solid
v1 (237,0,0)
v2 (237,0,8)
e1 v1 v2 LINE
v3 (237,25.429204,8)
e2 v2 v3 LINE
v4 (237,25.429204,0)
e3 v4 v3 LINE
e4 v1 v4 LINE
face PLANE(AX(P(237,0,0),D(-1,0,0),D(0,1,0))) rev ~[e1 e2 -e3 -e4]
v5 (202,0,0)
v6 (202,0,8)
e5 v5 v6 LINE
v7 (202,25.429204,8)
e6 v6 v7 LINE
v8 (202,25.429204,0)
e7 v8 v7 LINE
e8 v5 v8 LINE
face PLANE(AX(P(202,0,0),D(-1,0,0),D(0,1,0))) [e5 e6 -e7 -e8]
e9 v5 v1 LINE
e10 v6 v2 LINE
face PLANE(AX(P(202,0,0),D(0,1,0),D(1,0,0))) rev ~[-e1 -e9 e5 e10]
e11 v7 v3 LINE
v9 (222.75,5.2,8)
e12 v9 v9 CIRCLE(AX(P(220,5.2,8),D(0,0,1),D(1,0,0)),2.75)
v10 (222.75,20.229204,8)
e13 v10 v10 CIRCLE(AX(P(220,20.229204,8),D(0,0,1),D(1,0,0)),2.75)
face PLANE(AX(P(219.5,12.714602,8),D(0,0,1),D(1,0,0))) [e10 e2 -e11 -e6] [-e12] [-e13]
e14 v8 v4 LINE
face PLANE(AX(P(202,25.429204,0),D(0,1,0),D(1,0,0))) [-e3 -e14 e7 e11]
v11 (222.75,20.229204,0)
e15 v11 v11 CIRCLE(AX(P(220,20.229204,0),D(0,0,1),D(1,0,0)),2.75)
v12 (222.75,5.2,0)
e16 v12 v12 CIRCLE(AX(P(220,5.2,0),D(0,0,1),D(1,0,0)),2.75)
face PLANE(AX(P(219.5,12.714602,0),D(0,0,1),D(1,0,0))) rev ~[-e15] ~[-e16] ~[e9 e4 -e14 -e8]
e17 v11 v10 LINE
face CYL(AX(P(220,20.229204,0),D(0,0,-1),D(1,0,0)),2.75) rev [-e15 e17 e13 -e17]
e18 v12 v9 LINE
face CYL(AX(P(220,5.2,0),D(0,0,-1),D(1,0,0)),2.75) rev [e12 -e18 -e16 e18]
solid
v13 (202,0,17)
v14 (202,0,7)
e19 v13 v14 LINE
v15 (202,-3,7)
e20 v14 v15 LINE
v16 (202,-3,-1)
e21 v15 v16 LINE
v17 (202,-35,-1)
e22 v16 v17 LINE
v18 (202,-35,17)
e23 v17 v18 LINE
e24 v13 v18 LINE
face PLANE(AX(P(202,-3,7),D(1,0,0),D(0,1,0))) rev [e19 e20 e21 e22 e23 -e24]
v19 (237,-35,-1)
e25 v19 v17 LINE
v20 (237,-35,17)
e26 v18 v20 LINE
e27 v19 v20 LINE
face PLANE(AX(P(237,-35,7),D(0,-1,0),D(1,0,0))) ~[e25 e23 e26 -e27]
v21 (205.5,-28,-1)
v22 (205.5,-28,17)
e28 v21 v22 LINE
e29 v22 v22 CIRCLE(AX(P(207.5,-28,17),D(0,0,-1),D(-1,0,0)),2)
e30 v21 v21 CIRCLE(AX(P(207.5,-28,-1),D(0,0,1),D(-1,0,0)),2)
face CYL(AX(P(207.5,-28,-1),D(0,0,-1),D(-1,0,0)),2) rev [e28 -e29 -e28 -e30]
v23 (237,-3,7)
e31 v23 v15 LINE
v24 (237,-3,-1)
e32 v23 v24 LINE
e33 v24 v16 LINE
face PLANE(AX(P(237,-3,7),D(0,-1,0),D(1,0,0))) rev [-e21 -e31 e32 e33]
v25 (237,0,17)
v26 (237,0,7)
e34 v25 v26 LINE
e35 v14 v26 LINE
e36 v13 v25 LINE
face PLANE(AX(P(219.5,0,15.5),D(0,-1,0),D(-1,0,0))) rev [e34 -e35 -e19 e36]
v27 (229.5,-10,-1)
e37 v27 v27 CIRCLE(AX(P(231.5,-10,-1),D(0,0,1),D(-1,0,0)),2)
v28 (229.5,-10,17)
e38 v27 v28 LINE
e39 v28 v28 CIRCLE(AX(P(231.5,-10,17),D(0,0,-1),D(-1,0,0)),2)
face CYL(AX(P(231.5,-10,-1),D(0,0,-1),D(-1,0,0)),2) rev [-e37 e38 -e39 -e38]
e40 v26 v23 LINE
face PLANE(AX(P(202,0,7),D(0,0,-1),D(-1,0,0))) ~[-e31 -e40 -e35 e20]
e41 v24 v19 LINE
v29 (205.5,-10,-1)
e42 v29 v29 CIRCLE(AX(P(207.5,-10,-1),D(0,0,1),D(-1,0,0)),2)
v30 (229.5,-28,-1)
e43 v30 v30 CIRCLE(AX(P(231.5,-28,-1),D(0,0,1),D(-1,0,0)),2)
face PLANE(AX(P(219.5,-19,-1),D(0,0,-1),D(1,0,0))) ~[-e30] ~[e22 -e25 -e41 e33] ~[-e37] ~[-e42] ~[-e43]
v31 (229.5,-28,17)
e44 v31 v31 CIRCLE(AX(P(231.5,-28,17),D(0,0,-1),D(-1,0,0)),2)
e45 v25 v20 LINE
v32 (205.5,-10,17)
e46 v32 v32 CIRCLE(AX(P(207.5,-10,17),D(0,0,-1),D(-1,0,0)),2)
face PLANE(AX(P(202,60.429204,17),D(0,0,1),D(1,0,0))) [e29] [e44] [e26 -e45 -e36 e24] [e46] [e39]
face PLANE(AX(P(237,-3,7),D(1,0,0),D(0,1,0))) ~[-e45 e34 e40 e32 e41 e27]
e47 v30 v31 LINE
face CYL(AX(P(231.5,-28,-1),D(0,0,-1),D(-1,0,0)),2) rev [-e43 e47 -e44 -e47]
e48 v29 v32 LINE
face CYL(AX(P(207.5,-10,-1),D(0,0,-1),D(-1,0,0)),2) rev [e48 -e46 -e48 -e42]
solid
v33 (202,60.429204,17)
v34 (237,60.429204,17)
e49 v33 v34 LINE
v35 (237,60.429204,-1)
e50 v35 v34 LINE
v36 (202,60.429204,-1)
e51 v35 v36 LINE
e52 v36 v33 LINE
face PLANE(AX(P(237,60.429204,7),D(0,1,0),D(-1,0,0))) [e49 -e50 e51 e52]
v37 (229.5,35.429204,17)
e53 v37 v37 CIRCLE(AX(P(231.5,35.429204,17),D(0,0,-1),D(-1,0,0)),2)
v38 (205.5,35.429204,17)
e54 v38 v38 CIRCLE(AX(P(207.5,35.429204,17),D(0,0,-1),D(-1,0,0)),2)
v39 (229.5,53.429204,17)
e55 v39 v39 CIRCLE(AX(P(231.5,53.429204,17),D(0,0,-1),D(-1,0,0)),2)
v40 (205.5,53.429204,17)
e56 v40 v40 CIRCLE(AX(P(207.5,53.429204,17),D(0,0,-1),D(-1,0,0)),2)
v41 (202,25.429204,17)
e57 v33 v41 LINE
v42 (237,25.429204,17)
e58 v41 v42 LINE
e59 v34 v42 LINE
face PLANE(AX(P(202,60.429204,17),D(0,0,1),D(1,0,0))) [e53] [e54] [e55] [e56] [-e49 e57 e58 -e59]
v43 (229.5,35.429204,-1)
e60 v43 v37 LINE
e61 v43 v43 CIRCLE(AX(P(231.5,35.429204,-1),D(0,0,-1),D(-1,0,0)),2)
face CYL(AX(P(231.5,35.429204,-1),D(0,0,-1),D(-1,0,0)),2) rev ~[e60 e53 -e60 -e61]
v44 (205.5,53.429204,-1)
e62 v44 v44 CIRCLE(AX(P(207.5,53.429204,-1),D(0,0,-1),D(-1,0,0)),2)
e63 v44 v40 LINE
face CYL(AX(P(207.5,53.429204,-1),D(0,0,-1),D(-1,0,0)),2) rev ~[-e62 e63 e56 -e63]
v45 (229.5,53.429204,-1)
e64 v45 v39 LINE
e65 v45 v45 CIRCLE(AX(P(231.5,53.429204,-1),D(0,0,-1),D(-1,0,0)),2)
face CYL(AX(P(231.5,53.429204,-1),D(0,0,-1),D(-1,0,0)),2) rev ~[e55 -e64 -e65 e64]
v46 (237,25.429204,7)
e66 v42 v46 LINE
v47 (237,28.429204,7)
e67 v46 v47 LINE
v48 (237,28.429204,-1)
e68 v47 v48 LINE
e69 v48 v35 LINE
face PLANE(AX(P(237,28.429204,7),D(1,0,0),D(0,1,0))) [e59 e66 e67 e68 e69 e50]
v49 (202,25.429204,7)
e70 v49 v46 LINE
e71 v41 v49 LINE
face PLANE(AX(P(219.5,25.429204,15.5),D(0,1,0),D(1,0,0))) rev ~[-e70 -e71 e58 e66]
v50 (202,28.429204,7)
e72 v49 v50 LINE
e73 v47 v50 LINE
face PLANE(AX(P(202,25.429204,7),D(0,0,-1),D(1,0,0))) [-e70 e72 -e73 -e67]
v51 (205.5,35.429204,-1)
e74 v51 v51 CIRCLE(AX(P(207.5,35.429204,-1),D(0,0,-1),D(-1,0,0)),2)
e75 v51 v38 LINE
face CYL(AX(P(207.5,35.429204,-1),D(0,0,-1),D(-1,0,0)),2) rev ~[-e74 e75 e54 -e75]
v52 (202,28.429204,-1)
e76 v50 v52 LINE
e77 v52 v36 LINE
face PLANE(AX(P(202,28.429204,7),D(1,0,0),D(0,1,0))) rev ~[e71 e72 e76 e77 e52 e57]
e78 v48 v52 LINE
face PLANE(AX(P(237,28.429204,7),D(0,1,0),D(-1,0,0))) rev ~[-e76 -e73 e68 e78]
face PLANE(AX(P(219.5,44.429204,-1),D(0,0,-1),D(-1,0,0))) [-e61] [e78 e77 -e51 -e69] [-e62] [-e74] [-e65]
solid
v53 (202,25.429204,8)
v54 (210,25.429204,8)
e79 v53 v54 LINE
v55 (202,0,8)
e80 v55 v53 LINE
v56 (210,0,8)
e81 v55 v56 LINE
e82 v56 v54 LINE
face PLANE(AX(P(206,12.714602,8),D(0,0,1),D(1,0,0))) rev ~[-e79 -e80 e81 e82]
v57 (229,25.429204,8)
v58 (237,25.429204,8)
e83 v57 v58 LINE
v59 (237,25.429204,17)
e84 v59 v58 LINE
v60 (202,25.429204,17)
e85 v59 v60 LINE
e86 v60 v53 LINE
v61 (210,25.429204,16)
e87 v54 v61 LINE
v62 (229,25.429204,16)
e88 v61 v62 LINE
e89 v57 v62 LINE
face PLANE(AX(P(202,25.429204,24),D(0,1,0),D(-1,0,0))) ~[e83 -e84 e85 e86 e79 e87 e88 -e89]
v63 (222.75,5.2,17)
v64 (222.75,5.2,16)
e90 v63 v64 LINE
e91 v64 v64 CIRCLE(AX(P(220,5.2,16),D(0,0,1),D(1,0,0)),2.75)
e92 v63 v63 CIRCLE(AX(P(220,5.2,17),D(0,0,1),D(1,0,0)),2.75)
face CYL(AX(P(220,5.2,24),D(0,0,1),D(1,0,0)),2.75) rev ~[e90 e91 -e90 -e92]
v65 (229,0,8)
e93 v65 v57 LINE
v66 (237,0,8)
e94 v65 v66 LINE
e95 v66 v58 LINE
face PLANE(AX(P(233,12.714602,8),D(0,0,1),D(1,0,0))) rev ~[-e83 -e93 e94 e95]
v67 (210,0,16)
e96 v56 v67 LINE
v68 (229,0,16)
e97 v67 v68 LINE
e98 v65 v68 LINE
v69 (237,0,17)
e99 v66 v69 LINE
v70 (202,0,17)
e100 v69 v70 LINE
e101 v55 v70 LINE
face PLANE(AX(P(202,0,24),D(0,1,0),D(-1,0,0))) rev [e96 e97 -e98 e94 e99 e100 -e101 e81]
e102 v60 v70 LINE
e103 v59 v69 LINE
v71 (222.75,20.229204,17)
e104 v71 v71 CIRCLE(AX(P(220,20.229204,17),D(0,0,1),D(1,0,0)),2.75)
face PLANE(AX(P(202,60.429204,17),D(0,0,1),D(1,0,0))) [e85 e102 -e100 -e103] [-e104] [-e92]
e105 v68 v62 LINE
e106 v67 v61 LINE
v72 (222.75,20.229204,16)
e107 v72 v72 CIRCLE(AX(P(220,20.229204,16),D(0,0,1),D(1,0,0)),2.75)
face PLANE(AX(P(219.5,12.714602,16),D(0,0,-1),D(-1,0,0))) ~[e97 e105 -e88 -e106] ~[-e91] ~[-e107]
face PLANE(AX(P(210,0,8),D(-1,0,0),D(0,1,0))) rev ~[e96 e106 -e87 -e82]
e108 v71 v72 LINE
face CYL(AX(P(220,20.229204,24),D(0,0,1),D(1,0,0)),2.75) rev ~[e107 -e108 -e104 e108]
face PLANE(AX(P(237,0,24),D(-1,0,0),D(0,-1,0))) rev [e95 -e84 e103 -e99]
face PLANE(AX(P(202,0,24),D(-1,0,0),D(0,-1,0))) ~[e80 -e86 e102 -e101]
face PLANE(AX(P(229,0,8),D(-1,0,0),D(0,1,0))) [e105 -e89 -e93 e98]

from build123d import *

# Parameters (mm, degrees)
SKETCH2_W             = 35
SKETCH2_H             = 25.429203673
SKETCH2_R             = 2.75
BOSS_EXTRUDE1_DEPTH   = 8
SKETCH3_W             = 8
SKETCH3_H             = 25.429203673
BOSS_EXTRUDE2_DEPTH   = 8
BOSS_EXTRUDE2_2_DEPTH = 8
SKETCH4_W             = 35
SKETCH4_H             = 17
BOSS_EXTRUDE3_DEPTH   = 35
SKETCH5_W             = 35
SKETCH5_H             = 32
BOSS_EXTRUDE4_DEPTH   = 8
SKETCH7_R             = 2
CUT_EXTRUDE2_DEPTH    = 246.857049231
SKETCH6_W             = 35
SKETCH6_H             = 7
CUT_EXTRUDE1_DEPTH    = 257.615924903


with BuildPart() as part:
    # Sketch2 → Boss-Extrude1 (new body)
    with BuildSketch(Plane.XY):
        with Locations((219.5, 12.714601836)):
            Rectangle(SKETCH2_W, SKETCH2_H)
        with Locations((220, 5.2)):
            Circle(SKETCH2_R, mode=Mode.SUBTRACT)
        with Locations((220, 20.229203673)):
            Circle(SKETCH2_R, mode=Mode.SUBTRACT)
    boss_extrude1 = extrude(amount=BOSS_EXTRUDE1_DEPTH)


with BuildPart() as body_2:
    # Sketch3 → Boss-Extrude2 (new body)
    with BuildSketch(Plane.XY.offset(8)):
        with Locations((233, 12.714601836)):
            Rectangle(SKETCH3_W, SKETCH3_H)
    extrude(amount=BOSS_EXTRUDE2_DEPTH)



with BuildPart() as body_3:
    # Sketch3 → Boss-Extrude2 2 (new body)
    with BuildSketch(Plane.XY.offset(8)):
        with Locations((206, 12.714601836)):
            Rectangle(SKETCH3_W, SKETCH3_H)
    extrude(amount=BOSS_EXTRUDE2_2_DEPTH)


with BuildPart() as body_2_1:
    add(body_2.part)

    add(body_3.part)  # Mirror1 merges body 3
    # Mirror1: Boss-Extrude1 across plane
    add(boss_extrude1.mirror(Plane.XY.offset(12)))


with BuildPart() as body_3_2:
    # Sketch4 → Boss-Extrude3 (new body)
    with BuildSketch(Plane(origin=(0, 25.429203673, 0), x_dir=(1, 0, 0), z_dir=(0, 1, 0))):
        with Locations((219.5, -15.5)):
            Rectangle(SKETCH4_W, SKETCH4_H)
    extrude(amount=BOSS_EXTRUDE3_DEPTH)

    # Sketch5 → Boss-Extrude4 (add)
    with BuildSketch(Plane(origin=(0, 0, 7), x_dir=(-1, 0, 0), z_dir=(0, 0, -1))):
        with Locations((-219.5, 44.429203673)):
            Rectangle(SKETCH5_W, SKETCH5_H)
    extrude(amount=BOSS_EXTRUDE4_DEPTH)

    # Sketch7 → Cut-Extrude2 (cut, through all)
    with BuildSketch(Plane(origin=(0, 0, -1), x_dir=(-1, 0, 0), z_dir=(0, 0, -1))):
        with Locations((-231.5, 53.429203673)):
            Circle(SKETCH7_R)
        with Locations((-231.5, 35.429203673)):
            Circle(SKETCH7_R)
        with Locations((-207.5, 35.429203673)):
            Circle(SKETCH7_R)
        with Locations((-207.5, 53.429203673)):
            Circle(SKETCH7_R)
    extrude(amount=-CUT_EXTRUDE2_DEPTH, mode=Mode.SUBTRACT)


with BuildPart() as body_4:
    # Mirror2: mirrored copy
    add(body_3_2.part.mirror(Plane(origin=(0, 12.714601837, 0), x_dir=(0, 0, 1), z_dir=(0, -1, 0))))


with BuildPart() as cut_extrude1_tool:
    # Sketch6 → Cut-Extrude1 (new, through all)
    with BuildSketch(Plane(origin=(0, 60.429203673, 0), x_dir=(1, 0, 0), z_dir=(0, 1, 0))):
        with Locations((219.5, -20.5)):
            Rectangle(SKETCH6_W, SKETCH6_H)
    extrude(amount=-CUT_EXTRUDE1_DEPTH)


with BuildPart() as body_2_2:
    add(body_2_1.part)

    # Cut-Extrude1: cut by cut_extrude1_tool
    add(cut_extrude1_tool.part, mode=Mode.SUBTRACT)


with BuildPart() as body_3_2_1:
    add(body_3_2.part)

    # Cut-Extrude1: cut by cut_extrude1_tool
    add(cut_extrude1_tool.part, mode=Mode.SUBTRACT)


with BuildPart() as body_4_1:
    add(body_4.part)

    # Cut-Extrude1: cut by cut_extrude1_tool
    add(cut_extrude1_tool.part, mode=Mode.SUBTRACT)


solid = Compound([part.part, body_2_2.part, body_3_2_1.part, body_4_1.part])
